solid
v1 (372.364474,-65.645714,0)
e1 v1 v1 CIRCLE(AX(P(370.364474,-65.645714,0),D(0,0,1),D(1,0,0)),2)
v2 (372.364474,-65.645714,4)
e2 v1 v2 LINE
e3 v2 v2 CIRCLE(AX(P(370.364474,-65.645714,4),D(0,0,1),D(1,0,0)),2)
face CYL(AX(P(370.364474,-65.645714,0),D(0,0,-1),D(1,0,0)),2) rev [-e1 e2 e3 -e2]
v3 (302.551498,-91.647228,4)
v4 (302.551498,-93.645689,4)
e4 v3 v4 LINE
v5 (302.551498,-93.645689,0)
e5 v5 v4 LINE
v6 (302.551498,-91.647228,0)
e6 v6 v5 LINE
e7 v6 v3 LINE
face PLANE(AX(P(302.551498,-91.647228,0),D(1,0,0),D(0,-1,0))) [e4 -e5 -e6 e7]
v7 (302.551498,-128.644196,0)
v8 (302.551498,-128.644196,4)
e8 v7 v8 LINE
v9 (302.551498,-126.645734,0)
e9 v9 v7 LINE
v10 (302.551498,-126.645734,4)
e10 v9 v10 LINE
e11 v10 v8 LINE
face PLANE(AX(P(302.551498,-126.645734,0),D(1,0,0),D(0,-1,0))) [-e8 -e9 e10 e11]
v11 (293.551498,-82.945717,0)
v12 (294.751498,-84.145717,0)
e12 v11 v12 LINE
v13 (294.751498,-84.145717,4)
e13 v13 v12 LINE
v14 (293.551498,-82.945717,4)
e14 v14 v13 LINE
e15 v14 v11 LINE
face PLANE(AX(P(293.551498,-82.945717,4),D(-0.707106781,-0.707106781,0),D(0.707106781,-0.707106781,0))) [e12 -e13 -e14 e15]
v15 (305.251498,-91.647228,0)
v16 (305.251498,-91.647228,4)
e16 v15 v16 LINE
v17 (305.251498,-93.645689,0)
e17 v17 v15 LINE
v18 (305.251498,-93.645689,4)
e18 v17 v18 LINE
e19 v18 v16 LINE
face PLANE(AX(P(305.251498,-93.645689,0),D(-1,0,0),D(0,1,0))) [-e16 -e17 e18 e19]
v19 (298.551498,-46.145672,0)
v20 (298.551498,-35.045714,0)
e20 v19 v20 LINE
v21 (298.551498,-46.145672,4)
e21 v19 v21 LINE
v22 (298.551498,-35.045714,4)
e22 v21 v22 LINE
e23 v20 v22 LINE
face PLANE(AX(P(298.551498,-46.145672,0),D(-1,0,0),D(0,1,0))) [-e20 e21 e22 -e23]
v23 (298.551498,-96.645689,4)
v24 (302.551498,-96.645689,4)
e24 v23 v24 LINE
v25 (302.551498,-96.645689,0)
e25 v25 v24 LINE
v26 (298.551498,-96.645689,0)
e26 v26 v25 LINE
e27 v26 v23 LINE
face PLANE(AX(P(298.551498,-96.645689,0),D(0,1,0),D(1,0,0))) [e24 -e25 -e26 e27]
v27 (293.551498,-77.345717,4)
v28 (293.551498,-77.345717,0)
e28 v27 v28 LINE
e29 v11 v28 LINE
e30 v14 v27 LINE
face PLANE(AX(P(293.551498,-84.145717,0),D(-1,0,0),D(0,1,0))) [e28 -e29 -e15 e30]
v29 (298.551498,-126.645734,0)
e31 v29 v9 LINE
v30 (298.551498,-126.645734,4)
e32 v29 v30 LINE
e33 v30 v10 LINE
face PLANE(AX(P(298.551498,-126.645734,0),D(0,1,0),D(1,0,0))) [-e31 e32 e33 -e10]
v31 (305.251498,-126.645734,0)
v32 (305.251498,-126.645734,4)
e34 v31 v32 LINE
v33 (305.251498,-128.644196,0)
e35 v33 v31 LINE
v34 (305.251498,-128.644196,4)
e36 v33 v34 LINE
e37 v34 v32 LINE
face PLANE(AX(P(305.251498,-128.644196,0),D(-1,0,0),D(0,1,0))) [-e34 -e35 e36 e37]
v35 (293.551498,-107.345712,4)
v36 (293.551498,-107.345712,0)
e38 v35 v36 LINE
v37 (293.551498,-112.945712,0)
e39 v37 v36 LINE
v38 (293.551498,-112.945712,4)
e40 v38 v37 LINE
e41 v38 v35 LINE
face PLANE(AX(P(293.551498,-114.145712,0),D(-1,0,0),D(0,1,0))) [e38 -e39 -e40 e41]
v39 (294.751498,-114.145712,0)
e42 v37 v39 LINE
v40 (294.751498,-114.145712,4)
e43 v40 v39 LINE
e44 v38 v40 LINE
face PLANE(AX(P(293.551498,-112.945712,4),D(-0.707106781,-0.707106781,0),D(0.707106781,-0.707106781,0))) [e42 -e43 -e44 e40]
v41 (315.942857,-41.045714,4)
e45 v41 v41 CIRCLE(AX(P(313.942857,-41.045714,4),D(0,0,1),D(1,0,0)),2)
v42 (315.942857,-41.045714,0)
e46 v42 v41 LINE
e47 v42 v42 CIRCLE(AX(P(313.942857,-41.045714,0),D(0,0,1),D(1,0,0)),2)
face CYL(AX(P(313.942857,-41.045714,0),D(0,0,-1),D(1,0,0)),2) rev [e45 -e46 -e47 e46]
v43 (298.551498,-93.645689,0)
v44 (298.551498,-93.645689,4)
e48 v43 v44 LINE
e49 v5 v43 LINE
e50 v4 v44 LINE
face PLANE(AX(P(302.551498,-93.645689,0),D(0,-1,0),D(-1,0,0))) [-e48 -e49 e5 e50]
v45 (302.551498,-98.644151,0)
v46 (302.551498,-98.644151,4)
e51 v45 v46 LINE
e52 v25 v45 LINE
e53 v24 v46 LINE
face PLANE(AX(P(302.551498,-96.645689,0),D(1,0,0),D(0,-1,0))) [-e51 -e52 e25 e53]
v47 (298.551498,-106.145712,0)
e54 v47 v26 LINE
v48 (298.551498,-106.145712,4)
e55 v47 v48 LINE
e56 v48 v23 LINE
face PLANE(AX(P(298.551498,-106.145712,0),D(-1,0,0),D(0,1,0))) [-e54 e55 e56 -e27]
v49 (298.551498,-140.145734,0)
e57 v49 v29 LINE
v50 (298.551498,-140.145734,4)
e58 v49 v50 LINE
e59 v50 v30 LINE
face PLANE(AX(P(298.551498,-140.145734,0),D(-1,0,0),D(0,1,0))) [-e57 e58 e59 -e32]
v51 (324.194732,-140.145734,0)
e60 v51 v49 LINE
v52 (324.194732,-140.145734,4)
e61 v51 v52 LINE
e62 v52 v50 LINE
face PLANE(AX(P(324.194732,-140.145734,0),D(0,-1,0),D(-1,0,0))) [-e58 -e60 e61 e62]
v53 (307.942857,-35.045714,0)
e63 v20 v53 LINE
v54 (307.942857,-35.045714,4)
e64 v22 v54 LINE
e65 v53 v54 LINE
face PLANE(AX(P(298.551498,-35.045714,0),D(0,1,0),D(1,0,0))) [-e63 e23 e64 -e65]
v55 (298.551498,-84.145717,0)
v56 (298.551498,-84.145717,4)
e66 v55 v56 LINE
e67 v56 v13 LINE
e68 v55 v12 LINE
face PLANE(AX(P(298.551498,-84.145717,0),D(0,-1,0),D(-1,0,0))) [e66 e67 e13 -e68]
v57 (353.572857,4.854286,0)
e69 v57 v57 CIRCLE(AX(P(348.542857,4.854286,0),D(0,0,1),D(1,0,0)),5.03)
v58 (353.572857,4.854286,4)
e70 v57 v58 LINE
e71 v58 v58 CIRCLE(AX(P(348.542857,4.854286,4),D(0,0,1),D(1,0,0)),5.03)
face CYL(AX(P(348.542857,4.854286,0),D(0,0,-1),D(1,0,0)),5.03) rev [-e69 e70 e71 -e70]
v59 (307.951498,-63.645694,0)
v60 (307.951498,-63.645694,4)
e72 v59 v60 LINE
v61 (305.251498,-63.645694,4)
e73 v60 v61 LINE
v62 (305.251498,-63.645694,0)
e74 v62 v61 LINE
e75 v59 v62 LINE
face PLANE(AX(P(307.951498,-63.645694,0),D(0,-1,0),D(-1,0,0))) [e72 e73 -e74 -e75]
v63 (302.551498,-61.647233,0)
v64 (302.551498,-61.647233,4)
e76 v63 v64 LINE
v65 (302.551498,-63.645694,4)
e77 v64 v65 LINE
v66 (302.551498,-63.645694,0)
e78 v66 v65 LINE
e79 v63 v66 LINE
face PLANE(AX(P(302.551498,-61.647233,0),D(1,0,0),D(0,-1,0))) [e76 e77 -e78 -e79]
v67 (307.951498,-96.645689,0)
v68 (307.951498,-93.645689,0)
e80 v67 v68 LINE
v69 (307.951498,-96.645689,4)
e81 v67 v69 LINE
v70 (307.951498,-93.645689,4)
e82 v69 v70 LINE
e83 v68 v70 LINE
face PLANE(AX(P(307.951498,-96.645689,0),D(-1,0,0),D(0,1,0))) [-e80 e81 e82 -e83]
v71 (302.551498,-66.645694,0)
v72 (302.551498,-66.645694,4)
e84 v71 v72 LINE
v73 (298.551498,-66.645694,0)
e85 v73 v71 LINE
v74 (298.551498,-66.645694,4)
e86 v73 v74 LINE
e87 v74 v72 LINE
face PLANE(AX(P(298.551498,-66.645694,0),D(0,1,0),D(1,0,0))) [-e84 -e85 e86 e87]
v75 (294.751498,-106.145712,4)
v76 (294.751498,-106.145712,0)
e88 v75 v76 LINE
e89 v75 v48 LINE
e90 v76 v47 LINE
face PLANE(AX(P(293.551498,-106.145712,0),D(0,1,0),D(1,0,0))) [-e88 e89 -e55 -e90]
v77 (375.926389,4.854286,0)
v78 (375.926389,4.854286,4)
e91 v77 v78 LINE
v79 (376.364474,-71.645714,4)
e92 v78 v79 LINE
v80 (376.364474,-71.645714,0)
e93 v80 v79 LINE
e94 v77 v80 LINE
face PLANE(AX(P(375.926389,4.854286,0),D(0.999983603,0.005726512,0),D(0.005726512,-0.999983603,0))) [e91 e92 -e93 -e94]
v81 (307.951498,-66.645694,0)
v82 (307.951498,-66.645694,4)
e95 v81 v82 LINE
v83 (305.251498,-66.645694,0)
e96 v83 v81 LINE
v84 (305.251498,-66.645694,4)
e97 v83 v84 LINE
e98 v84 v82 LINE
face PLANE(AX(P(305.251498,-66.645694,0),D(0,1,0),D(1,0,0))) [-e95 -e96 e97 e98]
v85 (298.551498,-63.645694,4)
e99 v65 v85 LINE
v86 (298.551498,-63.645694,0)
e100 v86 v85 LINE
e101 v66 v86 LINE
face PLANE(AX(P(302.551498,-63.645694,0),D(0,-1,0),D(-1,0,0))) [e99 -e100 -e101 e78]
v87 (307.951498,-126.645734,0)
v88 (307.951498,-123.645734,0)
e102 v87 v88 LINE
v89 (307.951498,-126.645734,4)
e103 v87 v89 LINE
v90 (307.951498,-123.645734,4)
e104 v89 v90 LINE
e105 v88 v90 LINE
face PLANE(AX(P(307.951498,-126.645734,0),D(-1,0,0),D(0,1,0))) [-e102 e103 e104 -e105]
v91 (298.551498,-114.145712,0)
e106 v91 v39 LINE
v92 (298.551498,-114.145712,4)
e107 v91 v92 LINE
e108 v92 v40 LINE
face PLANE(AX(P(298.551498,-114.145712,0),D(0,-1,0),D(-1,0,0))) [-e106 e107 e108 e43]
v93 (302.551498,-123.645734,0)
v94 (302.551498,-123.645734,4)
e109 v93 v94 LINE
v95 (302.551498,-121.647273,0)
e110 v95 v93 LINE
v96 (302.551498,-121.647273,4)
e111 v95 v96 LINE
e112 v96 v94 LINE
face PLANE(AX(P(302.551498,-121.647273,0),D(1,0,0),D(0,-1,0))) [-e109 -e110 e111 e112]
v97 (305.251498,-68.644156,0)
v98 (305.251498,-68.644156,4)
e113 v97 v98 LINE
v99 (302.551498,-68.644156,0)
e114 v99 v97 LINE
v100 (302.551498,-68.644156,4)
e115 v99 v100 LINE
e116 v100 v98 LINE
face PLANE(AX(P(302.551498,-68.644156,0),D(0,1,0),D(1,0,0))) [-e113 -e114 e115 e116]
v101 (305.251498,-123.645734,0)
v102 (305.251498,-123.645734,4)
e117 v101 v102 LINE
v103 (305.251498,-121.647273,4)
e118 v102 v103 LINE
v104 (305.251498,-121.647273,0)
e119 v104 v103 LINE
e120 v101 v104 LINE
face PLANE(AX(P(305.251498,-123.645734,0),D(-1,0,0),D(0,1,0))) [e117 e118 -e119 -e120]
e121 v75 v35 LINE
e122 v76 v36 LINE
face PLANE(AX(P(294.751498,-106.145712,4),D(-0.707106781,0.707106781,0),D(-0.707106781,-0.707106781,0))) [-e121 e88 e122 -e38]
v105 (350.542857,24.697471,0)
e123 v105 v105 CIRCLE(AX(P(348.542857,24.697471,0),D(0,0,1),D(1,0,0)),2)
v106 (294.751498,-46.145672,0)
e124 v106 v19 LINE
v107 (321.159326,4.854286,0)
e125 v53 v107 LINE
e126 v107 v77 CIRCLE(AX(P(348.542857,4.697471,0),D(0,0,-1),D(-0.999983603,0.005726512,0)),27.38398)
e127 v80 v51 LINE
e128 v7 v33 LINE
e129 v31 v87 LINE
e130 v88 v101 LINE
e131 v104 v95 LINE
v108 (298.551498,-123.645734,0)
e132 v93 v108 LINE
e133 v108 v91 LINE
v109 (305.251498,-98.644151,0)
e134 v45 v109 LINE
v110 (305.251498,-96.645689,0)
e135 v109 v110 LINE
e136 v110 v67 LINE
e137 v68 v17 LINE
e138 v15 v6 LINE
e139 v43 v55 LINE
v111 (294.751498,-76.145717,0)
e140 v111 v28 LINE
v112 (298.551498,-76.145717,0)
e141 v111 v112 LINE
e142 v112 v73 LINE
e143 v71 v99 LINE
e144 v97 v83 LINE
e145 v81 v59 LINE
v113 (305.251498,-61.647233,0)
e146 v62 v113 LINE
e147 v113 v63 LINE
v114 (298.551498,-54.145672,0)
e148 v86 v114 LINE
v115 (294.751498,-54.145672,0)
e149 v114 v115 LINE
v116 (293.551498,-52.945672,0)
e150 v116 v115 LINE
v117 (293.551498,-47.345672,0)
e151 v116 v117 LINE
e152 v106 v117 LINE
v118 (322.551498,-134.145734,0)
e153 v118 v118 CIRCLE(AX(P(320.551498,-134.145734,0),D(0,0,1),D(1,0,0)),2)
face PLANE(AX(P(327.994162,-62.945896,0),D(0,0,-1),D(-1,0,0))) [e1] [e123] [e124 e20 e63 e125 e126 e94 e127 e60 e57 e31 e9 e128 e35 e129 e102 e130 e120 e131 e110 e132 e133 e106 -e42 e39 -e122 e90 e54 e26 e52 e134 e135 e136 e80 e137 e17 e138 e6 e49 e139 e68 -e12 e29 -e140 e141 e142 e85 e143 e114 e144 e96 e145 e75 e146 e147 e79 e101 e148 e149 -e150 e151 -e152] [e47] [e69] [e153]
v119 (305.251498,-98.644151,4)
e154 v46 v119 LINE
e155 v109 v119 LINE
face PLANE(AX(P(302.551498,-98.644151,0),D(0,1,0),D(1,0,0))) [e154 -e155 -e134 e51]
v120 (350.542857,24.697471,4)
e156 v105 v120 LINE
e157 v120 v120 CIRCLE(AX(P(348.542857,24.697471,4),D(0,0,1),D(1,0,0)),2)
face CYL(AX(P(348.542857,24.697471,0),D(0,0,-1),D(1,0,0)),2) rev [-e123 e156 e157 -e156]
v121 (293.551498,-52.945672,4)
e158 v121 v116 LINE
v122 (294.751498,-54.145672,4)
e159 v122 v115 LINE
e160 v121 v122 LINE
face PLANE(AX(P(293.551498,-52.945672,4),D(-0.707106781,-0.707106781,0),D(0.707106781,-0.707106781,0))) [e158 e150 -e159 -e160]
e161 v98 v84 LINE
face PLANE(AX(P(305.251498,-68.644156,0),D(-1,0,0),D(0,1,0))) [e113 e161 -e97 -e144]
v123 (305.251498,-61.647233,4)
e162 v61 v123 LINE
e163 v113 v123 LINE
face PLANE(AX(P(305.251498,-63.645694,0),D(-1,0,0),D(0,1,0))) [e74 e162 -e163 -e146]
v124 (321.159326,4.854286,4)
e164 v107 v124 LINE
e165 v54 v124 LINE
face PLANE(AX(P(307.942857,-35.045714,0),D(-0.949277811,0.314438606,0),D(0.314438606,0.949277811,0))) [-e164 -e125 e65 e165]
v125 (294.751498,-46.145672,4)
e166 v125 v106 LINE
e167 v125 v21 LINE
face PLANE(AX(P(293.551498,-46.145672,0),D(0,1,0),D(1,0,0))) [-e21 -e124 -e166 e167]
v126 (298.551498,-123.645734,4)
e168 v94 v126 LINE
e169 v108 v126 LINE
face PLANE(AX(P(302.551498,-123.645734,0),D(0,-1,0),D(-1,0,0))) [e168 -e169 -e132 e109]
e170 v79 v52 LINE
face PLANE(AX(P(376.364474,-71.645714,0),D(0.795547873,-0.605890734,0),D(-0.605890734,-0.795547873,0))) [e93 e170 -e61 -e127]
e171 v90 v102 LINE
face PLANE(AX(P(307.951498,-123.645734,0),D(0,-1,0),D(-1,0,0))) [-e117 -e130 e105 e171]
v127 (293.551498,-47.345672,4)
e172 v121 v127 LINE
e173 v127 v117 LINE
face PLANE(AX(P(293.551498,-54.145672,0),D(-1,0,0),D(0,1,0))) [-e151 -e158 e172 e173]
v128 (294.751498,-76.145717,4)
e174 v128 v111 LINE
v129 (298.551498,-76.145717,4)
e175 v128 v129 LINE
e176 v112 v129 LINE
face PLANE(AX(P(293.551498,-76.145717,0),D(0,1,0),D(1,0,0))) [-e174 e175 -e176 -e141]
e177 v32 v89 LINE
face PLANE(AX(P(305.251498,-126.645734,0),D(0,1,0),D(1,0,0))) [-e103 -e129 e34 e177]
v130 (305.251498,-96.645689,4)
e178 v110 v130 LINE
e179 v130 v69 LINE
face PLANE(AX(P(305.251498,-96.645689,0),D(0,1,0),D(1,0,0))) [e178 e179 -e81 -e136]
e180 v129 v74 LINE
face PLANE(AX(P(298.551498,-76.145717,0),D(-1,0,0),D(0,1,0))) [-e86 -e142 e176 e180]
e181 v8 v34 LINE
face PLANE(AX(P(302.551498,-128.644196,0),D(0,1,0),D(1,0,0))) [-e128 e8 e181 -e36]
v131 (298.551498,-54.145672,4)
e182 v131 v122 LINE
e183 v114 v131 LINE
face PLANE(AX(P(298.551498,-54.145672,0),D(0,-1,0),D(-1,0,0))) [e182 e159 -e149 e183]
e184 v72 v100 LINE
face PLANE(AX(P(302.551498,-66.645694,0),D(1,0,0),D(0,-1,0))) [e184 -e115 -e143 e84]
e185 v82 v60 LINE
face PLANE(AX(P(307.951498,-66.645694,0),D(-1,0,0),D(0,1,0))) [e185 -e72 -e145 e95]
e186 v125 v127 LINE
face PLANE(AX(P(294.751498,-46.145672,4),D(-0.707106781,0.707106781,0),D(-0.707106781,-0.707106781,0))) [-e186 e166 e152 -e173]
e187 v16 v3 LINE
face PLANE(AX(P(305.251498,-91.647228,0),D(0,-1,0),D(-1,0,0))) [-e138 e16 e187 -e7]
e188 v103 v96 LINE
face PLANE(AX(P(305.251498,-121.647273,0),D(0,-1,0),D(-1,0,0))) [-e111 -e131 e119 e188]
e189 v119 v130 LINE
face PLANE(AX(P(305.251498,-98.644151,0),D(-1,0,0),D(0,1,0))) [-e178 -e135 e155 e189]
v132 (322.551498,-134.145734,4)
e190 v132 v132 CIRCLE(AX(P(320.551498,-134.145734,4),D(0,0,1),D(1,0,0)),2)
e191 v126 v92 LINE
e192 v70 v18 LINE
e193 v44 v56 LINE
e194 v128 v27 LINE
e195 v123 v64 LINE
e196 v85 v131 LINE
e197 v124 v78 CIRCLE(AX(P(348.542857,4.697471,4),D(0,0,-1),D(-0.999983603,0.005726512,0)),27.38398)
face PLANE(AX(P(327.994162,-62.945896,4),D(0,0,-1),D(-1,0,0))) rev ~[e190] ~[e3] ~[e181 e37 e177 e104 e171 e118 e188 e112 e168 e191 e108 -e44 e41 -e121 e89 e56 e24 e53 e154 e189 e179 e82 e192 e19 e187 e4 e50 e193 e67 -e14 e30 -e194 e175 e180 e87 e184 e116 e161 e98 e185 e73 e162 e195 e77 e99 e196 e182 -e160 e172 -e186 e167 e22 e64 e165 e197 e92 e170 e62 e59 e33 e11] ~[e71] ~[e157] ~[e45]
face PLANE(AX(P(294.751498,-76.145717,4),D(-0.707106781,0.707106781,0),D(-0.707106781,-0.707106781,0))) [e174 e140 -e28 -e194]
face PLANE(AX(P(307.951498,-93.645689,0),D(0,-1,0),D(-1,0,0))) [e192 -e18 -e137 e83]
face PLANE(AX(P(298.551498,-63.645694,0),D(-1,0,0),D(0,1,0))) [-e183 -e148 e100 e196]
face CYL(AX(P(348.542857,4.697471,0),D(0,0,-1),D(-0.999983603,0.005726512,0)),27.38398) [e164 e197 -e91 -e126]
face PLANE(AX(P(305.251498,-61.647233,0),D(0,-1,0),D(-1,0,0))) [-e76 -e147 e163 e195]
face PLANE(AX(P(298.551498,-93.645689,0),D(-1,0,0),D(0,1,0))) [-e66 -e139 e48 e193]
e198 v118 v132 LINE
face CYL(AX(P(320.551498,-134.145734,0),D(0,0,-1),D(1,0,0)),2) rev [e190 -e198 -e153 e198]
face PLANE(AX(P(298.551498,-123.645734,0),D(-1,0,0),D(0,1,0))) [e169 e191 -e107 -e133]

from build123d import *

# Parameters (mm, degrees)
SKETCH_1_R          = 5.03
SKETCH_1_R_2        = 2
EXTRUDE_1_DEPTH     = 4
CUT_EXTRUDE_1_DEPTH = 4


with BuildPart() as part:
    # 草图1 → 凸台-拉伸1 (new body)
    with BuildSketch(Plane.XY):
        with BuildLine():
            Line((298.551498293, -96.645689396), (302.551498293, -96.645689396))
            Line((302.551498293, -96.645689396), (302.551498293, -98.644151028))
            Line((302.551498293, -98.644151028), (305.251498293, -98.644151028))
            Line((305.251498293, -98.644151028), (305.251498293, -96.645689396))
            Line((305.251498293, -96.645689396), (307.951498293, -96.645689396))
            Line((307.951498293, -96.645689396), (307.951498293, -93.645689396))
            Line((307.951498293, -93.645689396), (305.251498293, -93.645689396))
            Line((305.251498293, -93.645689396), (305.251498293, -91.647227763))
            Line((305.251498293, -91.647227763), (302.551498293, -91.647227763))
            Line((302.551498293, -91.647227763), (302.551498293, -93.645689396))
            Line((302.551498293, -93.645689396), (298.551498293, -93.645689396))
            Line((298.551498293, -93.645689396), (298.551498293, -84.145716775))
            Line((298.551498293, -84.145716775), (293.551498293, -84.145716775))
            Line((293.551498293, -84.145716775), (293.551498293, -76.145716775))
            Line((293.551498293, -76.145716775), (298.551498293, -76.145716775))
            Line((298.551498293, -76.145716775), (298.551498293, -66.645694374))
            Line((298.551498293, -66.645694374), (302.551498293, -66.645694374))
            Line((302.551498293, -66.645694374), (302.551498293, -68.644156006))
            Line((302.551498293, -68.644156006), (305.251498293, -68.644156006))
            Line((305.251498293, -68.644156006), (305.251498293, -66.645694374))
            Line((305.251498293, -66.645694374), (307.951498293, -66.645694374))
            Line((307.951498293, -66.645694374), (307.951498293, -63.645694374))
            Line((307.951498293, -63.645694374), (305.251498293, -63.645694374))
            Line((305.251498293, -63.645694374), (305.251498293, -61.647232741))
            Line((305.251498293, -61.647232741), (302.551498293, -61.647232741))
            Line((302.551498293, -61.647232741), (302.551498293, -63.645694374))
            Line((302.551498293, -63.645694374), (298.551498293, -63.645694374))
            Line((298.551498293, -63.645694374), (298.551498293, -54.145671973))
            Line((298.551498293, -54.145671973), (293.551498293, -54.145671973))
            Line((293.551498293, -54.145671973), (293.551498293, -46.145671973))
            Line((293.551498293, -46.145671973), (298.551498293, -46.145671973))
            Line((298.551498293, -46.145671973), (298.551498293, -35.045714286))
            Line((298.551498293, -35.045714286), (307.942857143, -35.045714286))
            Line((307.942857143, -35.045714286), (321.159325739, 4.854285714))
            ThreePointArc((321.159325739, 4.854285714), (348.542857143, 32.081451417), (375.926388547, 4.854285714))
            Line((375.926388547, 4.854285714), (376.364473934, -71.645714286))
            Line((376.364473934, -71.645714286), (324.194731876, -140.145734198))
            Line((324.194731876, -140.145734198), (298.551498293, -140.145734198))
            Line((298.551498293, -140.145734198), (298.551498293, -126.645734198))
            Line((298.551498293, -126.645734198), (302.551498293, -126.645734198))
            Line((302.551498293, -126.645734198), (302.551498293, -128.644195831))
            Line((302.551498293, -128.644195831), (305.251498293, -128.644195831))
            Line((305.251498293, -128.644195831), (305.251498293, -126.645734198))
            Line((305.251498293, -126.645734198), (307.951498293, -126.645734198))
            Line((307.951498293, -126.645734198), (307.951498293, -123.645734198))
            Line((307.951498293, -123.645734198), (305.251498293, -123.645734198))
            Line((305.251498293, -123.645734198), (305.251498293, -121.647272565))
            Line((305.251498293, -121.647272565), (302.551498293, -121.647272565))
            Line((302.551498293, -121.647272565), (302.551498293, -123.645734198))
            Line((302.551498293, -123.645734198), (298.551498293, -123.645734198))
            Line((298.551498293, -123.645734198), (298.551498293, -114.145711797))
            Line((298.551498293, -114.145711797), (293.551498293, -114.145711797))
            Line((293.551498293, -114.145711797), (293.551498293, -106.145711797))
            Line((293.551498293, -106.145711797), (298.551498293, -106.145711797))
            Line((298.551498293, -106.145711797), (298.551498293, -96.645689396))
        make_face()
        with Locations((348.542857143, 4.854285714)):
            Circle(SKETCH_1_R, mode=Mode.SUBTRACT)
        with Locations((348.542857143, 24.697471009)):
            Circle(SKETCH_1_R_2, mode=Mode.SUBTRACT)
        with Locations((320.551498293, -134.145734198)):
            Circle(SKETCH_1_R_2, mode=Mode.SUBTRACT)
        with Locations((370.364473934, -65.645714286)):
            Circle(SKETCH_1_R_2, mode=Mode.SUBTRACT)
        with Locations((313.942857143, -41.045714286)):
            Circle(SKETCH_1_R_2, mode=Mode.SUBTRACT)
    extrude(amount=EXTRUDE_1_DEPTH)

    # 草图3 → 切除-拉伸1 (cut)
    with BuildSketch(Plane.XY.offset(4)):
        Polygon((293.551498293, -46.145671973), (294.751498293, -46.145671973), (293.551498293, -47.345671973), align=None)
        Polygon((294.751498293, -84.145716775), (293.551498293, -84.145716775), (293.551498293, -82.945716775), align=None)
        Polygon((293.551498293, -77.345716775), (293.551498293, -76.145716775), (294.751498293, -76.145716775), align=None)
        Polygon((294.751498293, -54.145671973), (293.551498293, -54.145671973), (293.551498293, -52.945671973), align=None)
        Polygon((293.551498293, -114.145711797), (293.551498293, -112.945711797), (294.751498293, -114.145711797), align=None)
        Polygon((293.551498293, -107.345711797), (293.551498293, -106.145711797), (294.751498293, -106.145711797), align=None)
    extrude(amount=-CUT_EXTRUDE_1_DEPTH, mode=Mode.SUBTRACT)


solid = part.part
